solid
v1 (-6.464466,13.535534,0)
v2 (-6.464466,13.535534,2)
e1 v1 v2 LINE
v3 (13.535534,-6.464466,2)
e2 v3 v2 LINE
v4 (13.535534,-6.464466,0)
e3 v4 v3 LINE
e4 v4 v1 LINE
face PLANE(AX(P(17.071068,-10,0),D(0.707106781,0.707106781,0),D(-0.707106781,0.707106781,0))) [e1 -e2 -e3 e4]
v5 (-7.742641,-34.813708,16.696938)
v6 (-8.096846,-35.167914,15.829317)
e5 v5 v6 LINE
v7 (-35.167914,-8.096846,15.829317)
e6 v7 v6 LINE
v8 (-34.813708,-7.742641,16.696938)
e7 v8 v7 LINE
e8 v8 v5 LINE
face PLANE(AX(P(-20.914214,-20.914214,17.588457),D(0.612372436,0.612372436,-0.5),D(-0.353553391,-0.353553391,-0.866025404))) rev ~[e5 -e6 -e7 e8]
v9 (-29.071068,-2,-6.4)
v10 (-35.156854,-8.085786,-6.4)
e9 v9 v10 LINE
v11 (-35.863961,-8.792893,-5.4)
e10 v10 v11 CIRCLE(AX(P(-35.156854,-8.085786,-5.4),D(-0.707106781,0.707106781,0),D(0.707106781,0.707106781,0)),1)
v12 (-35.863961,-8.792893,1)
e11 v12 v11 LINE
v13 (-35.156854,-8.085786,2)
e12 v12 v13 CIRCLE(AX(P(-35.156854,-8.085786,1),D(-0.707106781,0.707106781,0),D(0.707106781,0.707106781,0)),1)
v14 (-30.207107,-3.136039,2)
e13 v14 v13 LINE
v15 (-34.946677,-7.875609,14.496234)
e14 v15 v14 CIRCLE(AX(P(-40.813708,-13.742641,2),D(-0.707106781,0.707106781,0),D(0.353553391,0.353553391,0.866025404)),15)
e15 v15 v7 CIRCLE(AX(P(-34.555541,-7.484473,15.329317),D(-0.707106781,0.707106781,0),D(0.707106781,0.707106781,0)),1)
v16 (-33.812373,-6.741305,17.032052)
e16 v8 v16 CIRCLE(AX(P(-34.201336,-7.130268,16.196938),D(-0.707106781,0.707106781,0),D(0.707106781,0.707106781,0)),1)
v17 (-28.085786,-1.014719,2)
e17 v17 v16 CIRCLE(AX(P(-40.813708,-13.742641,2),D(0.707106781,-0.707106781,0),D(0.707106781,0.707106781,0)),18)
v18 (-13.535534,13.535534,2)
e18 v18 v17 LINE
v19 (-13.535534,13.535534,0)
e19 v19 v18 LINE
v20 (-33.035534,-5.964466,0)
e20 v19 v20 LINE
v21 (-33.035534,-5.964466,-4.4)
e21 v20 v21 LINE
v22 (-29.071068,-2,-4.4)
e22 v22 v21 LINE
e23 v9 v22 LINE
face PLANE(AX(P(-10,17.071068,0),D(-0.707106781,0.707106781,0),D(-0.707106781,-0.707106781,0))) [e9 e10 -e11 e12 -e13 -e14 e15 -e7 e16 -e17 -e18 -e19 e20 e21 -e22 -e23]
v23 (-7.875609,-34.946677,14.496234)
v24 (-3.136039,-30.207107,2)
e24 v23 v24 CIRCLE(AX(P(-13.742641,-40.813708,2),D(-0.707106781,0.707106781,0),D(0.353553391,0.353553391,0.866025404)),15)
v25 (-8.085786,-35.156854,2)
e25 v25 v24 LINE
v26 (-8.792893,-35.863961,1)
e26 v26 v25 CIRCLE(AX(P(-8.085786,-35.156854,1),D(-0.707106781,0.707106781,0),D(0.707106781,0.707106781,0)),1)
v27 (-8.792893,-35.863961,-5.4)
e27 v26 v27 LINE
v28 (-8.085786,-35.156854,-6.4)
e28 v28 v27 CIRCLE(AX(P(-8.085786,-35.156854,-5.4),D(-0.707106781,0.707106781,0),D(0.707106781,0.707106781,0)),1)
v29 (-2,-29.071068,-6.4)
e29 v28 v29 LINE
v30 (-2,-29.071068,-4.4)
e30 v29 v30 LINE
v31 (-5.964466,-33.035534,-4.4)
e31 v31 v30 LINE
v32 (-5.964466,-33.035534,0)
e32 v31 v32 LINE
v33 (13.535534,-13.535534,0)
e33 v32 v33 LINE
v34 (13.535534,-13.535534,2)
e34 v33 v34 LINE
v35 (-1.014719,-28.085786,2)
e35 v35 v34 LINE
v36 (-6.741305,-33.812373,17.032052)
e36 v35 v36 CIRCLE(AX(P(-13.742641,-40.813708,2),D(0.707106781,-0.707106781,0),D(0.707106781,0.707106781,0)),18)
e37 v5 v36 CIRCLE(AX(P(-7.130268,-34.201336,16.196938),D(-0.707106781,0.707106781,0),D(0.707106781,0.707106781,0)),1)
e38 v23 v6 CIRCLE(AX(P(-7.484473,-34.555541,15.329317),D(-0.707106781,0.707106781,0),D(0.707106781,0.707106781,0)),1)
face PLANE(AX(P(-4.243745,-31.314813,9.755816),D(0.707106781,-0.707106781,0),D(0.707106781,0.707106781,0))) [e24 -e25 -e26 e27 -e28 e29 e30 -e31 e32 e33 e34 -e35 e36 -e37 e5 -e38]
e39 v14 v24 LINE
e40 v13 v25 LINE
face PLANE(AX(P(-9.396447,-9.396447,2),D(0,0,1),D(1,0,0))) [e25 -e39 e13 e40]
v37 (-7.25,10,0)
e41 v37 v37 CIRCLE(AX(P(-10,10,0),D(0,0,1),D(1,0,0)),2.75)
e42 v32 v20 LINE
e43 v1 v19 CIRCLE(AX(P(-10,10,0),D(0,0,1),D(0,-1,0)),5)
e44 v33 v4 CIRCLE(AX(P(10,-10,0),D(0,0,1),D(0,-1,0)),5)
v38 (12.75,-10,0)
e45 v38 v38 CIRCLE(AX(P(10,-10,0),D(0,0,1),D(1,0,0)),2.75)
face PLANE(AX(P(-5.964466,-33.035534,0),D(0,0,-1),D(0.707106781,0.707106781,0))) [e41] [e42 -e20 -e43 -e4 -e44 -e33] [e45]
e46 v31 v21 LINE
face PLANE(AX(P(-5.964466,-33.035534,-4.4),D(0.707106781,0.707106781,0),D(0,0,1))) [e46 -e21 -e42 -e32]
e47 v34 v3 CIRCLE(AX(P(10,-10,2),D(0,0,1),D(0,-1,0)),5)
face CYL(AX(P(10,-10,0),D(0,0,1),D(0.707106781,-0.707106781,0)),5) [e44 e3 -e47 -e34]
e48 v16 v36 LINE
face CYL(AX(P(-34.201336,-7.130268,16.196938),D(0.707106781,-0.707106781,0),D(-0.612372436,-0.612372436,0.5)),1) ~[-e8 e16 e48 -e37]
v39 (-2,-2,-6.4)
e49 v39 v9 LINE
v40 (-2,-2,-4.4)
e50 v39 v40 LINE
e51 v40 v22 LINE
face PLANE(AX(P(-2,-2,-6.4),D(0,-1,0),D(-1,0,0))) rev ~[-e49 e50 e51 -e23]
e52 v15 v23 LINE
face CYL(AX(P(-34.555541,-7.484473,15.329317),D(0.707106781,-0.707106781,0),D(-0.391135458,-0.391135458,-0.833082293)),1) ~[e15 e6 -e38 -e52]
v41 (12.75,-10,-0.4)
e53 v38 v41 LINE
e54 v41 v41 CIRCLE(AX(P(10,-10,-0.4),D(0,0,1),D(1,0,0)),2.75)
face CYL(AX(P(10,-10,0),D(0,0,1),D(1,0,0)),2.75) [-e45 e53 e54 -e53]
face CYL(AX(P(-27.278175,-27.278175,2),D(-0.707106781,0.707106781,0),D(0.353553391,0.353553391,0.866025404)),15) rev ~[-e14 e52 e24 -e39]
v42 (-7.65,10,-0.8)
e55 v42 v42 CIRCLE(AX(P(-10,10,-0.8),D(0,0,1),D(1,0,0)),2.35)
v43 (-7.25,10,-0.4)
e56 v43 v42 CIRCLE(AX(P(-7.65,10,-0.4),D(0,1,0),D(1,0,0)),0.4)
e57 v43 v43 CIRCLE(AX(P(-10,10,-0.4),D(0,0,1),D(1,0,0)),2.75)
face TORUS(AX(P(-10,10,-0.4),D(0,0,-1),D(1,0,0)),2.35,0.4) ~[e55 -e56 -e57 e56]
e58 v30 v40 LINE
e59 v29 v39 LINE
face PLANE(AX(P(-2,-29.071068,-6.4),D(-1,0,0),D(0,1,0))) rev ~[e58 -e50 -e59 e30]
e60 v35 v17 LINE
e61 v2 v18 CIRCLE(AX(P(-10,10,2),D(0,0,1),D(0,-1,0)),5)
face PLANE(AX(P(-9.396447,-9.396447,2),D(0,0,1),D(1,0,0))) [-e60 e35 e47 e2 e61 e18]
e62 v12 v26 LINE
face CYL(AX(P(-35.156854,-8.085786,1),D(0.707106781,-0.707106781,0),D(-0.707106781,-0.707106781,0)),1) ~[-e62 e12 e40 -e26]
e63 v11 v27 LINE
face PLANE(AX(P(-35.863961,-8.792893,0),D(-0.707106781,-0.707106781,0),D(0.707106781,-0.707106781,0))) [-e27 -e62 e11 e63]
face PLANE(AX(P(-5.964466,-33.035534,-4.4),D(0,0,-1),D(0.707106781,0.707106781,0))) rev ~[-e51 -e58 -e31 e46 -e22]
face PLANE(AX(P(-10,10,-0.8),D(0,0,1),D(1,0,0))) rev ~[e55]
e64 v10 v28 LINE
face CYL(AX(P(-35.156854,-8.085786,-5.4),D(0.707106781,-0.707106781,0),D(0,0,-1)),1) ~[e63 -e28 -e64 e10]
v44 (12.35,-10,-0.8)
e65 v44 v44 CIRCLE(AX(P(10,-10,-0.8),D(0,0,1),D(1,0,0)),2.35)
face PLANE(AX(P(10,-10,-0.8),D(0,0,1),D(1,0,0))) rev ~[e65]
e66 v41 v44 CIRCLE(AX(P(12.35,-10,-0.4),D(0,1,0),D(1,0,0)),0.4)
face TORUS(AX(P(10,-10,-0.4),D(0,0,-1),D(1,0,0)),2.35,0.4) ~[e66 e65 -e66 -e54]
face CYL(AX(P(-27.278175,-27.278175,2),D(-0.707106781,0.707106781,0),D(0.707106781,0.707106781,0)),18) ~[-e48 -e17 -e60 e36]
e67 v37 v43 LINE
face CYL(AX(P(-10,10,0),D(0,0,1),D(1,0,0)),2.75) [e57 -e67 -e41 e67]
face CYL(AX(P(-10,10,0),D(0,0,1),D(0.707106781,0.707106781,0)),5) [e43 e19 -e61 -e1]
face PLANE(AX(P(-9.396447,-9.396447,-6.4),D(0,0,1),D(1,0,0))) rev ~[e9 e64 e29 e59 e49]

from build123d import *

# Parameters (mm, degrees)
F2_DEPTH      = 2
F2_DEPTH_BACK = 6.4
F3_W          = 32.5771644663
F3_H          = 4.4
F4_DEPTH      = 56.5738534806
F7_DEPTH      = 19.1421356237
F7_DEPTH_BACK = 19.1421356237
F9_DEPTH      = 2
F0_R          = 2.75
F10_DEPTH     = 0.8
F11_R         = 0.4
F12_R         = 1
F13_R         = 5


with BuildPart() as f2:
    # F1 (on Top) → F2 (new body, two sides)
    with BuildSketch(Plane.XY) as f2_sk:
        Polygon((-8.7928932188, -35.8639610307), (17.0710678119, -10), (-10, 17.0710678119), (-35.8639610307, -8.7928932188), align=None)
    extrude(amount=F2_DEPTH)
    extrude(f2_sk.sketch, amount=-F2_DEPTH_BACK)

    # F3 (on face) → F4 (cut, through all)
    with BuildSketch(Plane(origin=(13.5355339059, -13.5355339059, 0), x_dir=(0.7071067812, 0.7071067812, 0), z_dir=(0.7071067812, -0.7071067812, 0))):
        with Locations((-11.2885822331, -2.2)):
            Rectangle(F3_W, F3_H)
    extrude(amount=-F4_DEPTH, mode=Mode.SUBTRACT)

    # F6 (on face) → F7 (join, two sides)
    with BuildSketch(Plane(origin=(0, 0, 0), x_dir=(0.7071067812, 0.7071067812, 0), z_dir=(0.7071067812, -0.7071067812, 0))) as f7_sk:
        with BuildLine():
            Line((-23.5771644663, 2), (-20.5771644663, 2))
            ThreePointArc((-20.5771644663, 2), (-22.9887071982, 11), (-29.5771644663, 17.5884572681))
            Line((-29.5771644663, 17.5884572681), (-31.0771644663, 14.9903810568))
            ThreePointArc((-31.0771644663, 14.9903810568), (-25.5867834095, 9.5), (-23.5771644663, 2))
        make_face()
    extrude(amount=-F7_DEPTH)
    extrude(f7_sk.sketch, amount=F7_DEPTH_BACK)

    # F8 (on face) → F9 (cut, through all)
    with BuildSketch(Plane(origin=(0, 0, -6.4), x_dir=(1, 0, 0), z_dir=(0, 0, -1))):
        Polygon((17.0710678119, 10), (-2, 29.0710678119), (-2, 2), (-29.0710678119, 2), (-10, -17.0710678119), align=None)
    extrude(amount=-F9_DEPTH, mode=Mode.SUBTRACT)

    # F0 (on Top) → F10 (join)
    with BuildSketch(Plane.XY):
        with Locations((10, -10)):
            Circle(F0_R)
        with Locations((-10, 10)):
            Circle(F0_R)
    extrude(amount=-F10_DEPTH)

    # F11
    f11_edges = [f2.edges().sort_by_distance(p)[0] for p in [
        (7.25, -10, -0.8),
        (-12.75, 10, -0.8),
    ]]
    fillet(f11_edges, radius=F11_R)

    # F12
    f12_edges = [f2.edges().sort_by_distance(p)[0] for p in [
        (-21.974874, -21.974874, 14.990381),
        (-20.914214, -20.914214, 17.588457),
        (-22.328427, -22.328427, 2),
        (-22.328427, -22.328427, -6.4),
    ]]
    fillet(f12_edges, radius=F12_R)

    # F13
    f13_edges = [f2.edges().sort_by_distance(p)[0] for p in [
        (17.071068, -10, 1),
        (-10, 17.071068, 1),
    ]]
    fillet(f13_edges, radius=F13_R)


solid = f2.part
